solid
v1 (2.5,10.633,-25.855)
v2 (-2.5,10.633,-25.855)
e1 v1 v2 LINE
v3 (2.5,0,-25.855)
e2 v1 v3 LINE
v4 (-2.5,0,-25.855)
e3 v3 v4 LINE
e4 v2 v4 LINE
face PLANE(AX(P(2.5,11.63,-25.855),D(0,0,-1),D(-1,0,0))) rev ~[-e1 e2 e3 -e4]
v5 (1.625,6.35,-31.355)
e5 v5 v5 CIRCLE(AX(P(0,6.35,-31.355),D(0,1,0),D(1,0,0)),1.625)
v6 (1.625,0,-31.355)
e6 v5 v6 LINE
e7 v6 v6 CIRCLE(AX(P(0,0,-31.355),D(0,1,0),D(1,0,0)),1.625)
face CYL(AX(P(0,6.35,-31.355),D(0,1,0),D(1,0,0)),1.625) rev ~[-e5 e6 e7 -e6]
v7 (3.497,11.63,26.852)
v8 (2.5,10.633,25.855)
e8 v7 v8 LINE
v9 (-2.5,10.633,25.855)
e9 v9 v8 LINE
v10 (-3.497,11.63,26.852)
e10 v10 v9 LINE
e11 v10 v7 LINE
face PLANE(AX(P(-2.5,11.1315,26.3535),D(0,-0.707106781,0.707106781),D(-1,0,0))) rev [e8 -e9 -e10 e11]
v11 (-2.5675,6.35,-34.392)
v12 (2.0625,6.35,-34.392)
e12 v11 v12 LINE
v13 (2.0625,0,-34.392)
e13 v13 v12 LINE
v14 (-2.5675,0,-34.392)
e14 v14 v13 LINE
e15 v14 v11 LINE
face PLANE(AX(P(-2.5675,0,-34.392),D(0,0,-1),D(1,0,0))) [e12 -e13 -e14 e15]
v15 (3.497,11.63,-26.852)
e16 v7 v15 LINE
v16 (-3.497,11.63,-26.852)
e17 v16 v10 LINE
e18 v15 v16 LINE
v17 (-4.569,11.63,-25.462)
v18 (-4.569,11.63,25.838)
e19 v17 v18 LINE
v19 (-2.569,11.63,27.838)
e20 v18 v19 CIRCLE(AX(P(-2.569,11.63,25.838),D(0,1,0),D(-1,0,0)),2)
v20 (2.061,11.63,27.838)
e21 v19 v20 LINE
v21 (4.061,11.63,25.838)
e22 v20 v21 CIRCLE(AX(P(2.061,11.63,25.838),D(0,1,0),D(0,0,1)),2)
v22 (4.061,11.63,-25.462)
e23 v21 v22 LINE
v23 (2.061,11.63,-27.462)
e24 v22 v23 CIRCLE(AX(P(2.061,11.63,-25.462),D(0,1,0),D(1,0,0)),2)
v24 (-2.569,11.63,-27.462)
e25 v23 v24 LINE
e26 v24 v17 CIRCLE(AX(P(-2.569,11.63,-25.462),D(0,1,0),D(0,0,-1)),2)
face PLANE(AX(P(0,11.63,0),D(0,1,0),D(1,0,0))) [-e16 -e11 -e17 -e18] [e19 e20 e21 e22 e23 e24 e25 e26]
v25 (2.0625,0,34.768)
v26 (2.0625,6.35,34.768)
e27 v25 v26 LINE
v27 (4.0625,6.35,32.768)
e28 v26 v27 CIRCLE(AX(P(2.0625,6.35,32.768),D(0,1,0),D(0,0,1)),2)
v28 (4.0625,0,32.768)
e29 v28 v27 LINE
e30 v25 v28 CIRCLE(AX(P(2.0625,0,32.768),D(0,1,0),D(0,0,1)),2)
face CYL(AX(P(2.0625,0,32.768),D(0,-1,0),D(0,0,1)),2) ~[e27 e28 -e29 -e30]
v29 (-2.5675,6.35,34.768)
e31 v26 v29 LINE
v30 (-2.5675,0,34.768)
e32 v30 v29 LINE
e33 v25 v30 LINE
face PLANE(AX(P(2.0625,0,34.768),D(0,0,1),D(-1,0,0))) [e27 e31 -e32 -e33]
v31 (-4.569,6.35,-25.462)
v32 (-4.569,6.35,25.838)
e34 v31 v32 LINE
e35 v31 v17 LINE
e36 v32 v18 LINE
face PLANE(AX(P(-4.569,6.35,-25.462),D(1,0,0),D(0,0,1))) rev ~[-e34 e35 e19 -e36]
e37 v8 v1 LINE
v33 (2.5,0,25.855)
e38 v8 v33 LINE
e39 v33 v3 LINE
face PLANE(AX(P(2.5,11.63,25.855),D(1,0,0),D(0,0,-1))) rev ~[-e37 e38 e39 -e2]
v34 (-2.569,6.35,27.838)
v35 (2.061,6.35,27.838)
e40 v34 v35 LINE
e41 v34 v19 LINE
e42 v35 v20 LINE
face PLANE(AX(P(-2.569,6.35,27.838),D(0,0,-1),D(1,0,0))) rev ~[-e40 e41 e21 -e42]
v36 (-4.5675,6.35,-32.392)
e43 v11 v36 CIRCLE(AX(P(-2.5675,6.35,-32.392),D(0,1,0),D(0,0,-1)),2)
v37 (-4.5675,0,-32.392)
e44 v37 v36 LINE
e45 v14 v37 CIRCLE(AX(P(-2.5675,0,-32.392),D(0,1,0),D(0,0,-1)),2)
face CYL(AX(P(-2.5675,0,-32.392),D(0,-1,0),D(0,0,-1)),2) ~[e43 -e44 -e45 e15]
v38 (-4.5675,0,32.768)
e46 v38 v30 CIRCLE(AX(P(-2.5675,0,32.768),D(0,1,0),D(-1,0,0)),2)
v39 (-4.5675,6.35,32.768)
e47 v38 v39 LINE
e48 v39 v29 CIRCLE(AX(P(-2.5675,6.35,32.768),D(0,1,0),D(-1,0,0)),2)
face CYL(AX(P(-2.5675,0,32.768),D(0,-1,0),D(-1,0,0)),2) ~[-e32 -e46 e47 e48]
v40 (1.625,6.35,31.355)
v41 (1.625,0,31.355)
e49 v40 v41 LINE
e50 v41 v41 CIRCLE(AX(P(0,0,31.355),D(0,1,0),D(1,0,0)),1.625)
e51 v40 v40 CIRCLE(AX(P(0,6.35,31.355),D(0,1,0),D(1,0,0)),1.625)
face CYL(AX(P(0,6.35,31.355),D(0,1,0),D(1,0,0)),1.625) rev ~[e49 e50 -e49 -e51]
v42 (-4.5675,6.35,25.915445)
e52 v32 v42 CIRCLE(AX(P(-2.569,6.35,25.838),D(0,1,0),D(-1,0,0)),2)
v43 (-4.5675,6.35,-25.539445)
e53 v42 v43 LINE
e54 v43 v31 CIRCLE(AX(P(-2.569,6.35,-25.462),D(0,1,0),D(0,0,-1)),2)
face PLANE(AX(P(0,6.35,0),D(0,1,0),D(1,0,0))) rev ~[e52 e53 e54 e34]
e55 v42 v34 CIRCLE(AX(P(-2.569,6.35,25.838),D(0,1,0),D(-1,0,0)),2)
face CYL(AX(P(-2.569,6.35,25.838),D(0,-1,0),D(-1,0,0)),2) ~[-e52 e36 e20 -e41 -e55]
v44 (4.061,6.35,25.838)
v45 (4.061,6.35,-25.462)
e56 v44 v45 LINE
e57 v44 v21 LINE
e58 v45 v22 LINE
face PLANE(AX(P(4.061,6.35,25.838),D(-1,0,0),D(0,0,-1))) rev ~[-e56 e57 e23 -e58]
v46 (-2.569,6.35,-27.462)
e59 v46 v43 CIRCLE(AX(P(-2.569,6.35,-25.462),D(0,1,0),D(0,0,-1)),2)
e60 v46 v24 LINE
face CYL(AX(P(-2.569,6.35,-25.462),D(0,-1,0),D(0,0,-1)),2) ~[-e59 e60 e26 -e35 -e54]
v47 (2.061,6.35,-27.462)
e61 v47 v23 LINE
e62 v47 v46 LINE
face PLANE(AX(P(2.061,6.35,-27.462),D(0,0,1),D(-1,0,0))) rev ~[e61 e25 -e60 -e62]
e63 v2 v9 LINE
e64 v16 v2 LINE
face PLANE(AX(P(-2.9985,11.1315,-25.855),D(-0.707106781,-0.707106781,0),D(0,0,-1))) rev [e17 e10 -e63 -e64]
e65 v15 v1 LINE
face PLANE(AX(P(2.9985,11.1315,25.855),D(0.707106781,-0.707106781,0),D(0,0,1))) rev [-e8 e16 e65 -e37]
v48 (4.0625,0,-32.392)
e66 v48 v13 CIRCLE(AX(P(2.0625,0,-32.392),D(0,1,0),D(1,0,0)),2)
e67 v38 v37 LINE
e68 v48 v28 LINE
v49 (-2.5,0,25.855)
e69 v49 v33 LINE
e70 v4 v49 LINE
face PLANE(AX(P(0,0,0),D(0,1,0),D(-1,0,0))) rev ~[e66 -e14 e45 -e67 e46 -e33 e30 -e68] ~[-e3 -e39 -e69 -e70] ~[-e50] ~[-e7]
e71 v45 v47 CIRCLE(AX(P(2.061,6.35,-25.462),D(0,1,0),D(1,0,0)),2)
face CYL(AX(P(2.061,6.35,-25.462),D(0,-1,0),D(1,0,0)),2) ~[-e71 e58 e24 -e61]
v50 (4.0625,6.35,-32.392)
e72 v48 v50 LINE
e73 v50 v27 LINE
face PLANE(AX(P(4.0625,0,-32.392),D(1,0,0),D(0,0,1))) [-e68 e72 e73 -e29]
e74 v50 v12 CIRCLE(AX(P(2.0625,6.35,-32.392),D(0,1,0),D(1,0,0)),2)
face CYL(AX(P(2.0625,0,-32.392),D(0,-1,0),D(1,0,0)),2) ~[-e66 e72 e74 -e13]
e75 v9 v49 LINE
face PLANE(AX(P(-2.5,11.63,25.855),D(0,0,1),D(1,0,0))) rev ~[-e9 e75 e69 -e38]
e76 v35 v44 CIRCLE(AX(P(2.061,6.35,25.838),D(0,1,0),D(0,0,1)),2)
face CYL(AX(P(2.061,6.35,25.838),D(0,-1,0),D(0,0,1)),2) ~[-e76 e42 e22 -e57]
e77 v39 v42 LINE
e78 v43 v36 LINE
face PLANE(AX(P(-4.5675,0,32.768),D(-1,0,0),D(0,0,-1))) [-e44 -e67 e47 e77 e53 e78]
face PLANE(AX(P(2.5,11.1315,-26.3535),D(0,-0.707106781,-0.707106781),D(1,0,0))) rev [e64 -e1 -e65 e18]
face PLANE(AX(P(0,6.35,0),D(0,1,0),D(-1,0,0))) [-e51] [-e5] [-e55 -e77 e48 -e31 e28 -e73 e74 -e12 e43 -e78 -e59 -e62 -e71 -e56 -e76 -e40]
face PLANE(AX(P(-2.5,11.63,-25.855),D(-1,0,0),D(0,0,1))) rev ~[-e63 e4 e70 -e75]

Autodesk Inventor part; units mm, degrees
ref_plane "YZ Plane" through (0, 0, 0) normal (1, 0, 0) x (0, 1, 0)
ref_plane "XZ Plane" through (0, 0, 0) normal (0, 1, 0) x (-1, 0, 0)
ref_plane "XY Plane" through (0, 0, 0) normal (0, 0, 1) x (1, 0, 0)
sketch "Sketch1" plane through (0, 0, 0) normal (0, 1, 0) x (-1, 0, 0)
  line L0 (2.5675, -34.392) -> (-2.0625, -34.392)
  line L1 (-4.0625, -32.392) -> (-4.0625, 32.768)
  line L2 (-2.0625, 34.768) -> (2.5675, 34.768)
  line L3 (4.5675, 32.768) -> (4.5675, -32.392)
  arc A0 (4.5675, 32.768) -> (2.5675, 34.768) centre (2.5675, 32.768) ccw
  arc A1 (-2.0625, 34.768) -> (-4.0625, 32.768) centre (-2.0625, 32.768) ccw
  arc A2 (-4.0625, -32.392) -> (-2.0625, -34.392) centre (-2.0625, -32.392) ccw
  arc A3 (2.5675, -34.392) -> (4.5675, -32.392) centre (2.5675, -32.392) ccw
  point P0 (0, 0)
  point P1 (-4.0625, 34.768)
  point P2 (-4.0625, -34.392)
  point P3 (4.5675, 34.768)
  dimension "d0" = 8.63
  dimension "d1" = 69.16
  dimension "d2" = 2
extrude "Extrusion1" add sketch "Sketch1" along normal blind 6.35
sketch "Sketch2" plane through (0, 6.35, 0) normal (0, 1, 0) x (1, 0, 0)
  circle A0 centre (0, -31.355) radius 1.625
  circle A1 centre (0, 31.355) radius 1.625
  point P0 (0, 0)
  dimension "d5" = 3.25
  dimension "d6" = 3.25
  dimension "d7" = 31.355
  dimension "d8" = 31.355
extrude "Extrusion2" cut sketch "Sketch2" against normal blind 6.35
sketch "Sketch3" plane through (0, 6.35, 0) normal (0, 1, 0) x (1, 0, 0)
  line L0 (-2.569, -27.838) -> (2.061, -27.838)
  line L1 (4.061, -25.838) -> (4.061, 25.462)
  line L2 (2.061, 27.462) -> (-2.569, 27.462)
  line L3 (-4.569, 25.462) -> (-4.569, -25.838)
  line L4 (-2.5675, -34.768) -> (2.0625, -34.768) projected
  arc A0 (-4.569, -25.838) -> (-2.569, -27.838) centre (-2.569, -25.838) ccw
  arc A1 (2.061, -27.838) -> (4.061, -25.838) centre (2.061, -25.838) ccw
  arc A2 (4.061, 25.462) -> (2.061, 27.462) centre (2.061, 25.462) ccw
  arc A3 (-2.569, 27.462) -> (-4.569, 25.462) centre (-2.569, 25.462) ccw
  point P0 (0, 0)
  point P1 (4.061, 27.462)
  point P2 (4.061, -27.838)
  point P3 (-4.569, 27.462)
  dimension "d11" = 8.63
  dimension "d12" = 55.3
  dimension "d13" = 6.93
  dimension "d14" = 2
extrude "Extrusion3" add sketch "Sketch3" along normal blind 5.28
sketch "Sketch4" plane through (0, 11.63, 0) normal (0, 1, 0) x (1, 0, 0)
  line L0 (2.5, 25.855) -> (-2.5, 25.855)
  line L1 (-2.5, 25.855) -> (-2.5, -25.855)
  line L2 (-2.5, -25.855) -> (2.5, -25.855)
  line L3 (2.5, -25.855) -> (2.5, 25.855)
  line L4 (2.5, 25.855) -> (-2.5, -25.855) construction
  line L5 (-2.5, 25.855) -> (2.5, -25.855) construction
  point P0 (0, 0)
  dimension "d17" = 5
  dimension "d18" = 51.71
extrude "Extrusion4" cut sketch "Sketch4" against normal blind 11.63
chamfer "Chamfer1" distance 1 angle 45 4 edges at (-2.5, 11.63, 0) (0, 11.63, 25.855) (2.5, 11.63, 0) (0, 11.63, -25.855)
sketch "Sketch5" plane through (0, 0, 0) normal (0, -1, 0) x (1, 0, 0)
  point P0 (0, 0)
